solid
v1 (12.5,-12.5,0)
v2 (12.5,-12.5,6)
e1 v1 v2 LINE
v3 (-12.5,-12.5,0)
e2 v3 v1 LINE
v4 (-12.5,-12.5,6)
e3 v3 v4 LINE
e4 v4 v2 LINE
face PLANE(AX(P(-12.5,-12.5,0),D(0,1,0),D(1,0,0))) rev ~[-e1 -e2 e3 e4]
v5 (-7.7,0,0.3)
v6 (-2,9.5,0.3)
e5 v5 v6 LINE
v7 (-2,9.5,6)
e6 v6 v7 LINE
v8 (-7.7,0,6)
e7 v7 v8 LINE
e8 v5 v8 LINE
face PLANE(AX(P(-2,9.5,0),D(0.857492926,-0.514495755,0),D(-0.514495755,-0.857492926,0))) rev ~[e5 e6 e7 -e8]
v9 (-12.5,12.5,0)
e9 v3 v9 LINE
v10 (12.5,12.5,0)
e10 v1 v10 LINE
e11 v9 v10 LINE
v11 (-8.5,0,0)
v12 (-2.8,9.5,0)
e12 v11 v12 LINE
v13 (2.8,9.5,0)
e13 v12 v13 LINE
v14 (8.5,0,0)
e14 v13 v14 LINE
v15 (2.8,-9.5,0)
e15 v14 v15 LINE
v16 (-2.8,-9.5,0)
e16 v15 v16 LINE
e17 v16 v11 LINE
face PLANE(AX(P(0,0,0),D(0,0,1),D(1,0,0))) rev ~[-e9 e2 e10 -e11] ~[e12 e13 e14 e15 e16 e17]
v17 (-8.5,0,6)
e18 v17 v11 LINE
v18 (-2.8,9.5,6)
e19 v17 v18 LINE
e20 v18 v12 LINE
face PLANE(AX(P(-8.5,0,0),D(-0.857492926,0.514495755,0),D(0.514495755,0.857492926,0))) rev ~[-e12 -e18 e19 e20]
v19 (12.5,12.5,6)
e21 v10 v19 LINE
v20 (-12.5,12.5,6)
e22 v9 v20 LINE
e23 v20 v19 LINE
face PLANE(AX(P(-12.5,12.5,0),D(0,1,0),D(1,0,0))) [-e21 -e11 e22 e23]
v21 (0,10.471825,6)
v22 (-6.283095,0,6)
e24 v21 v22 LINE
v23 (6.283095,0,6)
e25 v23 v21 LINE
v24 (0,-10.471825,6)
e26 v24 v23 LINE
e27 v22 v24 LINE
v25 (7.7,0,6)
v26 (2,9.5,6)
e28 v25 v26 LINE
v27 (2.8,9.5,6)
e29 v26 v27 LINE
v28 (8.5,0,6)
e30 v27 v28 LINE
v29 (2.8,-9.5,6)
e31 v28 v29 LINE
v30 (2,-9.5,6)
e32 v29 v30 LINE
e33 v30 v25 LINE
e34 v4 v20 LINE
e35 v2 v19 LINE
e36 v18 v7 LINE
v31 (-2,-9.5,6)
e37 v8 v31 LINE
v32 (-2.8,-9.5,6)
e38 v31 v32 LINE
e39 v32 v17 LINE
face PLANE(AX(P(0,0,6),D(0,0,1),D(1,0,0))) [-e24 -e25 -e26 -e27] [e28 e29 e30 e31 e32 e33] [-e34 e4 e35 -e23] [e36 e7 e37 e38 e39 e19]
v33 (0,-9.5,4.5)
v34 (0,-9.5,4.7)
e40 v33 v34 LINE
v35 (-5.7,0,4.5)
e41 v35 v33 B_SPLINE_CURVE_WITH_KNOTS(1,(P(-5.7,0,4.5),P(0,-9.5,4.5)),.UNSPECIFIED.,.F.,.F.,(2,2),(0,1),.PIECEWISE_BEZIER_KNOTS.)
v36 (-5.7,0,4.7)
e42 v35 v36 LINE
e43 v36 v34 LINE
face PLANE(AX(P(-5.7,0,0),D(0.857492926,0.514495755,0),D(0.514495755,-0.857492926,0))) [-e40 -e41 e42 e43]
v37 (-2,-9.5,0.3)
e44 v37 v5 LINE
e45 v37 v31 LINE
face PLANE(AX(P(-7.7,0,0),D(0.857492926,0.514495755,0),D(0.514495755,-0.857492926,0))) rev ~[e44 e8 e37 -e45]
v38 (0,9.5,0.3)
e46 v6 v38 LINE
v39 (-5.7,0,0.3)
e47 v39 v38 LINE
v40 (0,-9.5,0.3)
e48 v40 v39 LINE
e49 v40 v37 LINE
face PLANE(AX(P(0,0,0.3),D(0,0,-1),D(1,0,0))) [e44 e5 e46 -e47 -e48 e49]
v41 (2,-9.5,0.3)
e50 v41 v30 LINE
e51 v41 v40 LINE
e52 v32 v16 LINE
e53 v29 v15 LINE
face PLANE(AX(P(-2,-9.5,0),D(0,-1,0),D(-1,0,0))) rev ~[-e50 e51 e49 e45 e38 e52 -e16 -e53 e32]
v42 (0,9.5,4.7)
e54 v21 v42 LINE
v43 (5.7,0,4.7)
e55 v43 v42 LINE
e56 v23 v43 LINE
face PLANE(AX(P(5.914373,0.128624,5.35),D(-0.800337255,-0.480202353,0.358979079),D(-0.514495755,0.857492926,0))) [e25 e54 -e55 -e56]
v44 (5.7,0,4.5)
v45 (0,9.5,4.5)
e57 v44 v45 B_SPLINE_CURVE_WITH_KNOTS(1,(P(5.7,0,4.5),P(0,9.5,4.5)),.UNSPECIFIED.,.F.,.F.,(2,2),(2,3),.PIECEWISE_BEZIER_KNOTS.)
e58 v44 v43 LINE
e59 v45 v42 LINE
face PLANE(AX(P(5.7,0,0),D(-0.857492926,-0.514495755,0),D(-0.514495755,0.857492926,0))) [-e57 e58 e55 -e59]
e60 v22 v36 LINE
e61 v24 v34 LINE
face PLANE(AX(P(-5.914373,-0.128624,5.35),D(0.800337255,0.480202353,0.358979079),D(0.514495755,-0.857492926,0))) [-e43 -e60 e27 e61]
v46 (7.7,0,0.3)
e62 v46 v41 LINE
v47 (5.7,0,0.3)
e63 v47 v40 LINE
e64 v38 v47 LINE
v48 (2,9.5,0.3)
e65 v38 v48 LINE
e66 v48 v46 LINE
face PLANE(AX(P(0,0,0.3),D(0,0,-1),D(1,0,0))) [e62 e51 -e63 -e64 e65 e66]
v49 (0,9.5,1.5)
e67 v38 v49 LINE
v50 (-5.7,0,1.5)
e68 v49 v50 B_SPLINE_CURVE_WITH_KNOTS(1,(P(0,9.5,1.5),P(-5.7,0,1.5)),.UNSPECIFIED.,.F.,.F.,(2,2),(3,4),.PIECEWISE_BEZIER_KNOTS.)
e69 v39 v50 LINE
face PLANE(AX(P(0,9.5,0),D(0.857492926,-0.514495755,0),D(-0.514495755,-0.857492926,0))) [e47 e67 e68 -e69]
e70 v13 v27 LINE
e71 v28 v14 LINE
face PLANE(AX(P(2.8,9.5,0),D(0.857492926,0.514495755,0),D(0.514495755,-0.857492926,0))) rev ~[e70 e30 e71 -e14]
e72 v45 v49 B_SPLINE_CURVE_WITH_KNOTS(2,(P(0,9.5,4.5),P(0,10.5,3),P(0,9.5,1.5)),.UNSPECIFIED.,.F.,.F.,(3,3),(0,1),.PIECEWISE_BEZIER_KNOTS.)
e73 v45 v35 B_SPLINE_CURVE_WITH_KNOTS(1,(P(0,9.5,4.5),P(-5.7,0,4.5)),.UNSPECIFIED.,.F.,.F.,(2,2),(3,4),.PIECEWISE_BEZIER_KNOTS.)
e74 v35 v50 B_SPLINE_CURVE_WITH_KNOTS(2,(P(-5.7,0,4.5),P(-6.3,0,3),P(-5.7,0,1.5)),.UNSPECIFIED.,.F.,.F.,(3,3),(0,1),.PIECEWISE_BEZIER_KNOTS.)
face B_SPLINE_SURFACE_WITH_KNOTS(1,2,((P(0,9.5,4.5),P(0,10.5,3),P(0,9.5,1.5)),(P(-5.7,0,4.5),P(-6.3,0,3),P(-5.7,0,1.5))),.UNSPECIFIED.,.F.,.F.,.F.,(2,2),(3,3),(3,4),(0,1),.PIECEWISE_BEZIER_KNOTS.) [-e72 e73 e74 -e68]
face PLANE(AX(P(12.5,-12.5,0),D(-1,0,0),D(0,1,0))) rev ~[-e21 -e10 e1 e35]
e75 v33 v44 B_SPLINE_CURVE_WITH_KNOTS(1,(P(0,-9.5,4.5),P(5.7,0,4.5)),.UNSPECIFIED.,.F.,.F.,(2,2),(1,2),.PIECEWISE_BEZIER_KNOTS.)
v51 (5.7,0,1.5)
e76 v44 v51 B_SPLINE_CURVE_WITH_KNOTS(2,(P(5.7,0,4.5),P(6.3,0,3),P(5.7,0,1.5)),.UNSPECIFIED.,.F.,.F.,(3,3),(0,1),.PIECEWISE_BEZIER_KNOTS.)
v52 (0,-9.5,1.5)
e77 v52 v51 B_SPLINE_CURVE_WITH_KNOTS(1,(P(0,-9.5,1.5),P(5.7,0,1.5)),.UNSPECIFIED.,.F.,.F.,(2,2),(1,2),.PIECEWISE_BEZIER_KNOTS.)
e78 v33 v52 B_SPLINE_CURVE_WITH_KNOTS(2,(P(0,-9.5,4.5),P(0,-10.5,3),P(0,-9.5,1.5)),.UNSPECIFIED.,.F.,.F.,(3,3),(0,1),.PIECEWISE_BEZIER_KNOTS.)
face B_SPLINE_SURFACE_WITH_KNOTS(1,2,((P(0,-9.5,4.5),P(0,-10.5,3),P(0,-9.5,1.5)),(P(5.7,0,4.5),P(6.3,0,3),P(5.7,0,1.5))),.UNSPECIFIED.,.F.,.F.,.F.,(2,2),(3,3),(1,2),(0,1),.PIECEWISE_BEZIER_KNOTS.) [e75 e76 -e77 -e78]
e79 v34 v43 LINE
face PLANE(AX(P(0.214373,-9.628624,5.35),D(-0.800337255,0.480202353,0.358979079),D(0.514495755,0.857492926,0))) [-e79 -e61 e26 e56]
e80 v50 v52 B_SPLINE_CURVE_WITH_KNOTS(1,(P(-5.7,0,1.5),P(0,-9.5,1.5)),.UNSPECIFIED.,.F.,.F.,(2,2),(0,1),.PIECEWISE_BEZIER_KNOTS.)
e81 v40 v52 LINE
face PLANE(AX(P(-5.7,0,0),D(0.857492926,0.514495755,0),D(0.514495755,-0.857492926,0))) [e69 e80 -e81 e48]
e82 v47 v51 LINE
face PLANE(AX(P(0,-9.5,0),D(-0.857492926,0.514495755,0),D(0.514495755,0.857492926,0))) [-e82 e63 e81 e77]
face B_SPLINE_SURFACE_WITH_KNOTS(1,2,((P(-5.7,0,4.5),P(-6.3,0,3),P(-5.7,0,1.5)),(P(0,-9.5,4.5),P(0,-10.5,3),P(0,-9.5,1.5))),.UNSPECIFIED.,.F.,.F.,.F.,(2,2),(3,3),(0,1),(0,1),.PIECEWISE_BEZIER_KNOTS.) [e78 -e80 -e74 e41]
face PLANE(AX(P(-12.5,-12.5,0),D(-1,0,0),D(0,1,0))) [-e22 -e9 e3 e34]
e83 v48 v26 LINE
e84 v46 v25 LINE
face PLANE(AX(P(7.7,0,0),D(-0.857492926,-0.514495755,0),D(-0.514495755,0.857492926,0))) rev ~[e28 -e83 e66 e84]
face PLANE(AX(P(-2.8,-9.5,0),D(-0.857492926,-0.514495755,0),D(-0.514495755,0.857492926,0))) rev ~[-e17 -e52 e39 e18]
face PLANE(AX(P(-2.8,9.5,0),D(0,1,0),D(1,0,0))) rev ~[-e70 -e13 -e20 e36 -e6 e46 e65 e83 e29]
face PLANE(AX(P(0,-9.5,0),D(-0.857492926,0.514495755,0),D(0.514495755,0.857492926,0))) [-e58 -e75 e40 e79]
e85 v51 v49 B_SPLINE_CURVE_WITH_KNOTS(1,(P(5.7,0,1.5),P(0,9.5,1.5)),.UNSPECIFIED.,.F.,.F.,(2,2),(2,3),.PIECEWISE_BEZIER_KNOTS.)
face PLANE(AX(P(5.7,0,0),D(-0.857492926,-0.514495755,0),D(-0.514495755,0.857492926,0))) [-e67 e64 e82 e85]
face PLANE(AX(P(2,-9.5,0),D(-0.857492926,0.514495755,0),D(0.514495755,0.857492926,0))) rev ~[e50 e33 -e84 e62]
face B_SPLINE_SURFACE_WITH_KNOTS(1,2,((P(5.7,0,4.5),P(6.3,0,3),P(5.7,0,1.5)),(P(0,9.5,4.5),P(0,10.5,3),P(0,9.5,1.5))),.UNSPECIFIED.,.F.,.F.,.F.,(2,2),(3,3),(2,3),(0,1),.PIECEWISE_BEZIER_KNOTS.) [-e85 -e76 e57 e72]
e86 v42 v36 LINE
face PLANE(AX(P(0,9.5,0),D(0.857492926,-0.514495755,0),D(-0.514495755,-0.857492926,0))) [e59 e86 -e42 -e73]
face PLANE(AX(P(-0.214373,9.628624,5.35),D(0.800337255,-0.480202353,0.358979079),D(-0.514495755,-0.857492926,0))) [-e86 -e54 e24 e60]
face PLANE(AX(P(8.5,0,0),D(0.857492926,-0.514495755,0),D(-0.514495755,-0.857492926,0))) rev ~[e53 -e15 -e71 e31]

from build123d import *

# Parameters (mm, degrees)
SKETCH_W      = 25
SKETCH_H      = 25
PAD_DEPTH     = 6
CHAMFER_SIZE2 = 1.3
CHAMFER_SIZE  = 0.5
POCKET_DEPTH  = 0.3


with BuildPart() as part:
    # Sketch (on XY_Plane of Origin) → Pad (new body)
    with BuildSketch(Plane.XY):
        Rectangle(SKETCH_W, SKETCH_H)
        Polygon((0, 9.5), (-5.7, 0), (0, -9.5), (5.7, 0), align=None, mode=Mode.SUBTRACT)
        Polygon((-2, 9.5), (-7.7, 0), (-2, -9.5), (-2.8, -9.5), (-8.5, 0), (-2.8, 9.5), align=None, mode=Mode.SUBTRACT)
        Polygon((2, -9.5), (7.7, 0), (2, 9.5), (2.8, 9.5), (8.5, 0), (2.8, -9.5), align=None, mode=Mode.SUBTRACT)
    extrude(amount=PAD_DEPTH)

    # Sketch002 (on Face22 of Pad) → SubtractiveLoft section 0
    with BuildSketch(Plane.XY.offset(4.5)):
        Polygon((-5.7, 0), (0, -9.5), (5.7, 0), (0, 9.5), align=None)
    # Sketch001 (on Face22 of Pad) → SubtractiveLoft section 1
    with BuildSketch(Plane.XY.offset(3)):
        Polygon((-6, 0), (0, 10), (6, 0), (0, -10), align=None)
    # Sketch003 (on Face22 of Pad) → SubtractiveLoft section 2
    with BuildSketch(Plane.XY.offset(1.5)):
        Polygon((-5.7, 0), (0, 9.5), (5.7, 0), (0, -9.5), align=None)
    loft(mode=Mode.SUBTRACT)

    # Chamfer
    chamfer_edges = [part.edges().sort_by_distance(p)[0] for p in [
        (2.85, 4.75, 6),
        (-2.85, 4.75, 6),
        (-2.85, -4.75, 6),
        (2.85, -4.75, 6),
    ]]
    chamfer_side = part.faces().sort_by_distance((-12.146447, 0, 6))[0]
    chamfer(chamfer_edges, length=CHAMFER_SIZE, length2=CHAMFER_SIZE2, reference=chamfer_side)

    # Sketch004 (on Face4 of SubtractiveLoft) → Pocket (cut)
    with BuildSketch(Plane(origin=(0, 0, 0), x_dir=(1, 0, 0), z_dir=(0, 0, -1))):
        Polygon((-8.5, 0), (-2.8, -9.5), (2.8, -9.5), (8.5, 0), (2.8, 9.5), (-2.8, 9.5), align=None)
    extrude(amount=-POCKET_DEPTH, mode=Mode.SUBTRACT)


solid = part.part
